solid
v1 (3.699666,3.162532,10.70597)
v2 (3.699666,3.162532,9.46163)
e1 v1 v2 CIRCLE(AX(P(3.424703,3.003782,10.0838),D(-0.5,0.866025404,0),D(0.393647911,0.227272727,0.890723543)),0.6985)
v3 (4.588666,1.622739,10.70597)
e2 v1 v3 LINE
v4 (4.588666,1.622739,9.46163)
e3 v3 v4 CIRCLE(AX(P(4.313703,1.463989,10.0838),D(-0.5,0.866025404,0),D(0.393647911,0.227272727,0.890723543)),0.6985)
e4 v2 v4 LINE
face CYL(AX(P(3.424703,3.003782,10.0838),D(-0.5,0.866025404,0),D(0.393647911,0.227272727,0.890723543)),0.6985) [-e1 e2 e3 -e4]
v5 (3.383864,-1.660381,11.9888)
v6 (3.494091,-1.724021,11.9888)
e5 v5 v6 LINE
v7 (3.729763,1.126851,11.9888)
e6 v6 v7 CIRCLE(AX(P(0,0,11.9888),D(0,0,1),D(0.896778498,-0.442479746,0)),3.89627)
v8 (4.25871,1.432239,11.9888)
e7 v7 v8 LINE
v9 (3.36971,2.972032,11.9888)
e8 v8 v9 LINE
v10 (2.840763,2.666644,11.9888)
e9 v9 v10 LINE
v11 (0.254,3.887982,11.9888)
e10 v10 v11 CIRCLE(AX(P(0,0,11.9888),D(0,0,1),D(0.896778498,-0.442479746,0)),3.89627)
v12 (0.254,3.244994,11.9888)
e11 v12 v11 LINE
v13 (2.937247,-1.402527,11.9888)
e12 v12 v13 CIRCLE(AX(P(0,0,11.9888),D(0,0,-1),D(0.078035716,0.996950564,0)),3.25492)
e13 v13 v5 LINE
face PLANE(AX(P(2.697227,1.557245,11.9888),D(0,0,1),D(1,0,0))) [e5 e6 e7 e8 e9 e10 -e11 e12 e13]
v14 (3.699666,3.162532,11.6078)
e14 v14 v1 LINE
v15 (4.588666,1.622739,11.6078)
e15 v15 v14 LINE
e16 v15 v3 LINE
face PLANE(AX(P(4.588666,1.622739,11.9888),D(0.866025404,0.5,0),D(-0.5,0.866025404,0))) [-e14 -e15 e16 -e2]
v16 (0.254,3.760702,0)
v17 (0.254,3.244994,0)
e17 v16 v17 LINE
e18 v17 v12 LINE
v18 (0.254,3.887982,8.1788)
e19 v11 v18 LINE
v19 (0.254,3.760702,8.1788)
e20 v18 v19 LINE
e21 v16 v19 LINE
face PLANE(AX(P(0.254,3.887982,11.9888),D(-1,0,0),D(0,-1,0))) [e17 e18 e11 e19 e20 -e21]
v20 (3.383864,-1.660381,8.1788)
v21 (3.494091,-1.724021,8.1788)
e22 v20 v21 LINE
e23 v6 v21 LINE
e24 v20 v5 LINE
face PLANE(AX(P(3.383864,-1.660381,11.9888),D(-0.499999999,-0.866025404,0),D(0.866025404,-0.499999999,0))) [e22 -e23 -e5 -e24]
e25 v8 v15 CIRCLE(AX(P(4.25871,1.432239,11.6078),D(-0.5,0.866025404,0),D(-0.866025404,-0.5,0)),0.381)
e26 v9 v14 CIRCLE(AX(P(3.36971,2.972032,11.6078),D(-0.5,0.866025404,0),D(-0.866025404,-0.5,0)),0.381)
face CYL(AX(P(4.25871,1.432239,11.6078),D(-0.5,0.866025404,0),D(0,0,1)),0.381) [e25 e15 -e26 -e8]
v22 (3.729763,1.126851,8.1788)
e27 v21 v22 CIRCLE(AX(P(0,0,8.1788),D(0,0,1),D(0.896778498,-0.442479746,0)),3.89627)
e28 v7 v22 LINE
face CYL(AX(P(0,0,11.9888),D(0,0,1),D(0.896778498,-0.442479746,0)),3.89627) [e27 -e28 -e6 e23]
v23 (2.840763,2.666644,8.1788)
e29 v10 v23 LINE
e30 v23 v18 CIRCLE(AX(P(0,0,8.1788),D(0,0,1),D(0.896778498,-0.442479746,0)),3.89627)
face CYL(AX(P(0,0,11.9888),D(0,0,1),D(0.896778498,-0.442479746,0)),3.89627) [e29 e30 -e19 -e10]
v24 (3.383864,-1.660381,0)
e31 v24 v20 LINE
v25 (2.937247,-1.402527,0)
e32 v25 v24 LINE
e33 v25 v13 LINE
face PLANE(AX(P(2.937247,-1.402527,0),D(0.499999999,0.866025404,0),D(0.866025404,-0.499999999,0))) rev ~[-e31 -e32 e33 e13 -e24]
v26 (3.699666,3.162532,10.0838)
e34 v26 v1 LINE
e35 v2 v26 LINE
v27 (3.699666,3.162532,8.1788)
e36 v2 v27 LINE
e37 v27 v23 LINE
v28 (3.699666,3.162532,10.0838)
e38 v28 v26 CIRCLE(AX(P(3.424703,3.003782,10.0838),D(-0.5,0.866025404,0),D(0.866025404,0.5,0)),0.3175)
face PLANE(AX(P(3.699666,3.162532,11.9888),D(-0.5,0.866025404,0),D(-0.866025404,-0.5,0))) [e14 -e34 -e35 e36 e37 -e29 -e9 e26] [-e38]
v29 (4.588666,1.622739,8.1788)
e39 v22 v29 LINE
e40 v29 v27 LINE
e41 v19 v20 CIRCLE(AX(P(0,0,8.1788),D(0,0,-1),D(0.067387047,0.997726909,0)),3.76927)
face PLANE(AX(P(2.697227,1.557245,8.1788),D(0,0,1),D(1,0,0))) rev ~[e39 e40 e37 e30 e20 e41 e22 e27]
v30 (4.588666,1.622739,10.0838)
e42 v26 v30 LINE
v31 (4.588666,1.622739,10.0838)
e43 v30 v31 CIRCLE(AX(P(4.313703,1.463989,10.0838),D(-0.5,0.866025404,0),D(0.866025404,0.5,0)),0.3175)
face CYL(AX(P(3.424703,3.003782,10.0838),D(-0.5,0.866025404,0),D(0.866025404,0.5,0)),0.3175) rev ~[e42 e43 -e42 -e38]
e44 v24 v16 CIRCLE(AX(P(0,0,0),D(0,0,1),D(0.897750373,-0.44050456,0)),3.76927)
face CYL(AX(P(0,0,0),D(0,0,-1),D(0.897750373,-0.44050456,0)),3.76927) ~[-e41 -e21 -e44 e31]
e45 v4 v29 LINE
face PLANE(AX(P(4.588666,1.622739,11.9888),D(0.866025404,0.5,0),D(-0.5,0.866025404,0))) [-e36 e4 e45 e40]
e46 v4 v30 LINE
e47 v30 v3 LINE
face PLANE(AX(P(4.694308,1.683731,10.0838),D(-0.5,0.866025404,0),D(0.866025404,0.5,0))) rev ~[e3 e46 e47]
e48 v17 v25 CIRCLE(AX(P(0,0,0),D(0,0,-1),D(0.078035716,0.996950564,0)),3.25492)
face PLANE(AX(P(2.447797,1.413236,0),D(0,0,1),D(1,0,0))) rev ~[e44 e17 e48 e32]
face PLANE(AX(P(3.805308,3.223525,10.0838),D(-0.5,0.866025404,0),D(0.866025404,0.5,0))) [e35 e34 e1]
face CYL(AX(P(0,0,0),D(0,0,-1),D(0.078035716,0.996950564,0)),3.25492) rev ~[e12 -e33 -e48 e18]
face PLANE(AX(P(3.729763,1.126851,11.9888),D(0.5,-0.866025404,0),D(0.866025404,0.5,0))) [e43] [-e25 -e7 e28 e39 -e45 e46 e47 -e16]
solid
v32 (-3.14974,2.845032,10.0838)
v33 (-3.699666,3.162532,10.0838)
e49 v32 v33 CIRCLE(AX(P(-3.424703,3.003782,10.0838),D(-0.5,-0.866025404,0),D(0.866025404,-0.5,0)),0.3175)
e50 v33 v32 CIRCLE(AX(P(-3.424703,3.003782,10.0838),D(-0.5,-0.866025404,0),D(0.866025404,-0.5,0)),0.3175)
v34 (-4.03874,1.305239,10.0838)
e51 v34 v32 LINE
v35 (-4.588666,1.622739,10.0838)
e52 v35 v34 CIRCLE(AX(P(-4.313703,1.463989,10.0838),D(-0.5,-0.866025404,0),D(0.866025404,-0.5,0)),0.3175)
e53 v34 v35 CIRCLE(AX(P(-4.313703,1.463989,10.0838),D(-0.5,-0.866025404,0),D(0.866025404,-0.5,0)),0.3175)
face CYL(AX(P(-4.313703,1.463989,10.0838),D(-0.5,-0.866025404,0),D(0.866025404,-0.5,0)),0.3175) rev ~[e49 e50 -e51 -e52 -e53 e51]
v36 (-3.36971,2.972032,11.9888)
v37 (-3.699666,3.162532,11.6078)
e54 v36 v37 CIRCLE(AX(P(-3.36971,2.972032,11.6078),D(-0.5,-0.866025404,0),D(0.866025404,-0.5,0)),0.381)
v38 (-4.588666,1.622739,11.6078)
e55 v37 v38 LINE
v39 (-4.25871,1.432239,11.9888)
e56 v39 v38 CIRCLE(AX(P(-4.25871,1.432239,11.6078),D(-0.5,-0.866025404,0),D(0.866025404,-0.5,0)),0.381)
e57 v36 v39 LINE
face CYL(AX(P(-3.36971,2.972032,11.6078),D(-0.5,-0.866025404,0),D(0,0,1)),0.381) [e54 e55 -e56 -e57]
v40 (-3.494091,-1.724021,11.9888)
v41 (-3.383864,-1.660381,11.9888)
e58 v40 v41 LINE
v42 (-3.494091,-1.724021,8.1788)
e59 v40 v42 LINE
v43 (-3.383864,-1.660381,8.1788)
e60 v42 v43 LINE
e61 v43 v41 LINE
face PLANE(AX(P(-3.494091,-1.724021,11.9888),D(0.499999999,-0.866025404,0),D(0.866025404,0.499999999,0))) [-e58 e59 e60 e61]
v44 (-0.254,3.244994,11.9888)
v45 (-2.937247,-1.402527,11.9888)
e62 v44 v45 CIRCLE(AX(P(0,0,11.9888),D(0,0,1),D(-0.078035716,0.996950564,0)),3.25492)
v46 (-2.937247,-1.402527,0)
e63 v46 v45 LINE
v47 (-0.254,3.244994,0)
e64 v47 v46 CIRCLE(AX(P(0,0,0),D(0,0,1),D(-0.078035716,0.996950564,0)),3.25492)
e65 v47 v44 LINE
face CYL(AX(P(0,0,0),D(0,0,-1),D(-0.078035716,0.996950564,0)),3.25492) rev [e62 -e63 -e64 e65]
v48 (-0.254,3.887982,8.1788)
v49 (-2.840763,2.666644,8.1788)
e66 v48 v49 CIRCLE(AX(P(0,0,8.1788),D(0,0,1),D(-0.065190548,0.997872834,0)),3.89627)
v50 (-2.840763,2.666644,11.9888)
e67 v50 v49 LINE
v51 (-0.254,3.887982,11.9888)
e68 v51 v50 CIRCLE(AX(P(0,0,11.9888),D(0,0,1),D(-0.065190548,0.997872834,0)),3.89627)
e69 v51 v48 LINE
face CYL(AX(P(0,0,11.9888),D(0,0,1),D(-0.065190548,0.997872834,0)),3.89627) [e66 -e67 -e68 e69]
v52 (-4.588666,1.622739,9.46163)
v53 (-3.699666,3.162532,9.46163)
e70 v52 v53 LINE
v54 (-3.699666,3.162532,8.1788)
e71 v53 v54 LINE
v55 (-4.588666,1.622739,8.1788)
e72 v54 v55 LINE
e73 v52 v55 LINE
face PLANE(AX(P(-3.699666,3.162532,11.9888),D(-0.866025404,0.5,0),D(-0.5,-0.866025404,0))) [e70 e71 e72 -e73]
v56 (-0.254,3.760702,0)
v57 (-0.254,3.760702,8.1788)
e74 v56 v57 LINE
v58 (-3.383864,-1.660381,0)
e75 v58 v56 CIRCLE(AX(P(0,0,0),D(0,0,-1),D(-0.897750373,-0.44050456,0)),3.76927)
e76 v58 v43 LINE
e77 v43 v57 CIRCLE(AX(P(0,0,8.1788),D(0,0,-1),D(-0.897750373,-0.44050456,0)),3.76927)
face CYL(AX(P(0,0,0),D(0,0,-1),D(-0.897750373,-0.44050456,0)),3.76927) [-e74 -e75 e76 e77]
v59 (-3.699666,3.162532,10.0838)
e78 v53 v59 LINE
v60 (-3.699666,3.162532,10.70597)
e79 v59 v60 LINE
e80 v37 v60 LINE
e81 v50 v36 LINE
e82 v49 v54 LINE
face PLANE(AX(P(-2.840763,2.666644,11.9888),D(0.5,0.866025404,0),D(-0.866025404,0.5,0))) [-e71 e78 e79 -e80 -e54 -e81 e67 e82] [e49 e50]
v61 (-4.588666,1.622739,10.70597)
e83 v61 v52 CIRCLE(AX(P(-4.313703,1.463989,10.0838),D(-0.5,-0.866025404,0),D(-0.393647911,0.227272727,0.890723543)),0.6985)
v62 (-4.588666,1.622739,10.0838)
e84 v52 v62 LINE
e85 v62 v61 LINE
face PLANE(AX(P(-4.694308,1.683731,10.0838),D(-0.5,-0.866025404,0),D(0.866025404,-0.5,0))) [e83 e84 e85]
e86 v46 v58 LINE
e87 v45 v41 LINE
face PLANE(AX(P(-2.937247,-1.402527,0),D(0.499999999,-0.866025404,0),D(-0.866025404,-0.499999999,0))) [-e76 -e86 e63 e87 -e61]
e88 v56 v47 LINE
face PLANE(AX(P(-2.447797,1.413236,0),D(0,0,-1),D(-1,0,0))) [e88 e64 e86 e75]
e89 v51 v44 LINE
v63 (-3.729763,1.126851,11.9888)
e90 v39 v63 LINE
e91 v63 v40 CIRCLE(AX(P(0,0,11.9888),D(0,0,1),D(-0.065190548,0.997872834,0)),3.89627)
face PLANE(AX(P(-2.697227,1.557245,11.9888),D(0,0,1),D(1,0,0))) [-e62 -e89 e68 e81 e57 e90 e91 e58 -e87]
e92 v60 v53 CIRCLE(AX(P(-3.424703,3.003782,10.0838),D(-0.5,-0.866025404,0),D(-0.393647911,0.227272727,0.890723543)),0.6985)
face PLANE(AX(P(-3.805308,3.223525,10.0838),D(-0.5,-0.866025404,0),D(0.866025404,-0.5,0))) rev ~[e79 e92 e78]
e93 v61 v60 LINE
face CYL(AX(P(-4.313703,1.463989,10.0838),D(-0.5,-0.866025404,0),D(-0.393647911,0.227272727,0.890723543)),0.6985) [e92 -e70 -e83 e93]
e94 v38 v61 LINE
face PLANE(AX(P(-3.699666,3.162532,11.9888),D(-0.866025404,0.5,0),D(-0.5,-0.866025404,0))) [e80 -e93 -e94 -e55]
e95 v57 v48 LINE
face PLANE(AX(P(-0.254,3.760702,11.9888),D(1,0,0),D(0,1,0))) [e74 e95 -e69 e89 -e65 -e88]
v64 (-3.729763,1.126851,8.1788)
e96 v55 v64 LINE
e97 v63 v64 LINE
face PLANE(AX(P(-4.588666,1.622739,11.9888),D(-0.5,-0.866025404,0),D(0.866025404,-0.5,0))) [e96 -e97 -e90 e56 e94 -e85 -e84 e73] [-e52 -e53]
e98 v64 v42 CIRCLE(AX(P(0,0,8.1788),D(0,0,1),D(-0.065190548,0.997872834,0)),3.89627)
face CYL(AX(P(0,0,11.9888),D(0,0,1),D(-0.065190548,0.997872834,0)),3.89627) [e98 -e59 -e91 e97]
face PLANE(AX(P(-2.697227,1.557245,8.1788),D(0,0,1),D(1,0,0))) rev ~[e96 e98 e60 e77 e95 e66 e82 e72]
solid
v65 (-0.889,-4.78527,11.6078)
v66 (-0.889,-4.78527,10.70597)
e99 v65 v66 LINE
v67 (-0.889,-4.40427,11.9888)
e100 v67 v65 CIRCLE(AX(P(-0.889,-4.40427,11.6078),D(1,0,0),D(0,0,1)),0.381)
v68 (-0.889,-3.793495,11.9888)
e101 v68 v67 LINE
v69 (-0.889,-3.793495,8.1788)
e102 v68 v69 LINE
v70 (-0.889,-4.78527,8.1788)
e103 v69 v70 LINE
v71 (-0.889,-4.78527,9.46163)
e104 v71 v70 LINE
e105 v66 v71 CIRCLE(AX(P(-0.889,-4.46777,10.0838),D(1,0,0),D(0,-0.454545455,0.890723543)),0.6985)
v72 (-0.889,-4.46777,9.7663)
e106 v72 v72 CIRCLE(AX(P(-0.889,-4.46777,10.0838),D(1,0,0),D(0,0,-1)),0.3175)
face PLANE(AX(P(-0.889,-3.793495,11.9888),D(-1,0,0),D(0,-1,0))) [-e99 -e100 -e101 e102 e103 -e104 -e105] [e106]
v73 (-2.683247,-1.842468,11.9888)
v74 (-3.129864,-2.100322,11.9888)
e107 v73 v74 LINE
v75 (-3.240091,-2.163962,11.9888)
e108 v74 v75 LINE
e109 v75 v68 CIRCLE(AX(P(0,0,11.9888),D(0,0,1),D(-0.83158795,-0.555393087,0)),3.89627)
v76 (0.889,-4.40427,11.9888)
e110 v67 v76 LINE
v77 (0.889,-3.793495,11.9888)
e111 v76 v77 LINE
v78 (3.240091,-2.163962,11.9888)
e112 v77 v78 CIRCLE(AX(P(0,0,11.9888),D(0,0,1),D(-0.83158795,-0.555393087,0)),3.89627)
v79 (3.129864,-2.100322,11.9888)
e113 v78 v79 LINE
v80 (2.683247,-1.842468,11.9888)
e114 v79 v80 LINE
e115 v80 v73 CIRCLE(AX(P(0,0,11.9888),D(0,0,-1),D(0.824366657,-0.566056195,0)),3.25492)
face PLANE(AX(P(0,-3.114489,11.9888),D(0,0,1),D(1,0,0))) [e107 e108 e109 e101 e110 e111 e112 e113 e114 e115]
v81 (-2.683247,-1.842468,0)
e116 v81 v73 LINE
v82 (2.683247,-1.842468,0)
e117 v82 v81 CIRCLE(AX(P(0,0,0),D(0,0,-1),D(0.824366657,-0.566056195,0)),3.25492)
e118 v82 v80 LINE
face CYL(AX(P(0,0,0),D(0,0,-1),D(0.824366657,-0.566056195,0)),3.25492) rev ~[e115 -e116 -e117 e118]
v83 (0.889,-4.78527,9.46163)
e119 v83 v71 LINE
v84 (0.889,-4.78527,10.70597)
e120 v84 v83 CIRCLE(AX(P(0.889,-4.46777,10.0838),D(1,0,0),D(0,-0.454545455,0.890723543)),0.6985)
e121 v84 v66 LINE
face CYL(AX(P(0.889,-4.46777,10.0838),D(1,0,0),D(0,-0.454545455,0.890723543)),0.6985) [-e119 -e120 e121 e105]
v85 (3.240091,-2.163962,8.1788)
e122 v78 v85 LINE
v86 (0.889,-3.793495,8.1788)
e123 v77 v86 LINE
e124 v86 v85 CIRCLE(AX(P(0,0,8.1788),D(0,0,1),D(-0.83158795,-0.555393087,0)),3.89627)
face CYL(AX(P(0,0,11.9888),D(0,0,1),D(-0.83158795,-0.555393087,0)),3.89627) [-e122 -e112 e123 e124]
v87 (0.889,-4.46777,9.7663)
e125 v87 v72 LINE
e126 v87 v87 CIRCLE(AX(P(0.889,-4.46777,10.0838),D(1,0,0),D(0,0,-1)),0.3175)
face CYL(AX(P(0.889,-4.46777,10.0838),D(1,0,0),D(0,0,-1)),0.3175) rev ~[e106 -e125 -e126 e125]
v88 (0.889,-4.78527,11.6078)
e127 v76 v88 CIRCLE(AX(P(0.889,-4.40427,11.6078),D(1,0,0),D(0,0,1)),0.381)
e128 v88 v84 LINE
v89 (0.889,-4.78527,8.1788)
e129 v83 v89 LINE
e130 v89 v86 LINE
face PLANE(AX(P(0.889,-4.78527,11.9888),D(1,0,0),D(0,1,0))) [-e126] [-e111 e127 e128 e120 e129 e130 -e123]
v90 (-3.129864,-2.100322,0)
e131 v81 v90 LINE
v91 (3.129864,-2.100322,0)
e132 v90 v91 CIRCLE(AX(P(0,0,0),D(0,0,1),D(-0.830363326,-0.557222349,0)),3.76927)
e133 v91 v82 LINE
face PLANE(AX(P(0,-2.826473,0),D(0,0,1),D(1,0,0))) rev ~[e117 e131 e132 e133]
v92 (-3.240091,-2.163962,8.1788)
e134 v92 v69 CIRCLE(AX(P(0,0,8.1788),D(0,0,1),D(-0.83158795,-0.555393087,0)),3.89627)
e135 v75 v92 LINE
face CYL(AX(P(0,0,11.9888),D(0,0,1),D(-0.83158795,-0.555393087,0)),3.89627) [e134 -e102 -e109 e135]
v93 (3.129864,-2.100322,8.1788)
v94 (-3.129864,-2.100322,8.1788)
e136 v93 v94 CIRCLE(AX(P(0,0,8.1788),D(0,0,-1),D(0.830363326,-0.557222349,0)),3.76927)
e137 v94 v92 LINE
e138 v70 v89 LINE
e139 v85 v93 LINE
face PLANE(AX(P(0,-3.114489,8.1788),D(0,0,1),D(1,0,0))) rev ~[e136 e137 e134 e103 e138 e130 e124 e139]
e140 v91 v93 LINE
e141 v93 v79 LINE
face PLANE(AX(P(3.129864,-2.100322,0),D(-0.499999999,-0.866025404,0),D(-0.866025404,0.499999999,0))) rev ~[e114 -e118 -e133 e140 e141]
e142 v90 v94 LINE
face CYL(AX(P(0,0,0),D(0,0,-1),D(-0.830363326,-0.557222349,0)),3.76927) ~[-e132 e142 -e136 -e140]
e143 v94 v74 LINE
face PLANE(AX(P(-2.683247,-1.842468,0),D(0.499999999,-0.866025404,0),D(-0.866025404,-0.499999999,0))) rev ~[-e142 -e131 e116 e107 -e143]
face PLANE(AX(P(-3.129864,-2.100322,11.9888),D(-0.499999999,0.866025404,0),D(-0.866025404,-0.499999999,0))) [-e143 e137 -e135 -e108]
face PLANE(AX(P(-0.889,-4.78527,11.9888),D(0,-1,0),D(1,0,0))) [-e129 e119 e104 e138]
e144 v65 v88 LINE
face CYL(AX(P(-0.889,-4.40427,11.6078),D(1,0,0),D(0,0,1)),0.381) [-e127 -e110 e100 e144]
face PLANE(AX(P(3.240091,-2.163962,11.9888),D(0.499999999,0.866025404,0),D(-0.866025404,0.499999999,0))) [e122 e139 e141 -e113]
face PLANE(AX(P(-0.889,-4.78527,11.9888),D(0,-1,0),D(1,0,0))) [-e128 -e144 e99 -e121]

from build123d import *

# Parameters (mm, degrees)
BOSS_EXTRUDE1_DEPTH   = 11.9888
BOSS_EXTRUDE1_2_DEPTH = 11.9888
BOSS_EXTRUDE1_3_DEPTH = 11.9888
BOSS_EXTRUDE2_DEPTH   = 3.81
BOSS_EXTRUDE3_DEPTH   = 3.81
FILLET1_R             = 0.381
FILLET2_R             = 0.381
FILLET3_R             = 0.381
BOSS_EXTRUDE4_DEPTH   = 1.778
SKETCH5_6_R           = 0.3175
CUT_EXTRUDE1_DEPTH    = 1.778
BOSS_EXTRUDE5_DEPTH   = 1.778
SKETCH6_3_R           = 0.3175
CUT_EXTRUDE2_DEPTH    = 7.715402184
BOSS_EXTRUDE6_DEPTH   = 1.778
SKETCH7_3_R           = 0.3175
CUT_EXTRUDE3_DEPTH    = 6.807621385


with BuildPart() as part:
    # Sketch1 → Boss-Extrude1 (new body)
    with BuildSketch(Plane.XY):
        with BuildLine():
            Line((-0.254, 3.760702479), (-0.254, 3.244994166))
            ThreePointArc((-0.254, 3.244994166), (-2.818843265, 1.627459918), (-2.937247383, -1.402526631))
            Line((-2.937247383, -1.402526631), (-3.383863883, -1.660380787))
            ThreePointArc((-3.383863883, -1.660380787), (-3.264283896, 1.884635186), (-0.254, 3.760702479))
        make_face()
    extrude(amount=BOSS_EXTRUDE1_DEPTH)



with BuildPart() as body_2:
    # Sketch1 → Boss-Extrude1 2 (new body)
    with BuildSketch(Plane.XY):
        with BuildLine():
            Line((0.254, 3.760702479), (0.254, 3.244994166))
            ThreePointArc((0.254, 3.244994166), (2.818843265, 1.627459918), (2.937247383, -1.402526631))
            Line((2.937247383, -1.402526631), (3.383863883, -1.660380787))
            ThreePointArc((3.383863883, -1.660380787), (3.264283896, 1.884635186), (0.254, 3.760702479))
        make_face()
    extrude(amount=BOSS_EXTRUDE1_2_DEPTH)


with BuildPart() as body_3:
    # Sketch1 → Boss-Extrude1 3 (new body)
    with BuildSketch(Plane.XY):
        with BuildLine():
            Line((3.129863883, -2.100321692), (2.683247383, -1.842467536))
            ThreePointArc((2.683247383, -1.842467536), (0, -3.254919836), (-2.683247383, -1.842467536))
            Line((-2.683247383, -1.842467536), (-3.129863883, -2.100321692))
            ThreePointArc((-3.129863883, -2.100321692), (0, -3.769270372), (3.129863883, -2.100321692))
        make_face()
    extrude(amount=BOSS_EXTRUDE1_3_DEPTH)


with BuildPart() as part_1:
    add(part.part)

    add(body_2.part)  # Boss-Extrude2 merges body 2

    add(body_3.part)  # Boss-Extrude2 merges body 3
    # Sketch2 → Boss-Extrude2 (add)
    with BuildSketch(Plane.XY.offset(11.9888)):
        with BuildLine():
            Line((-0.254, 3.760702479), (-0.254, 3.887982358))
            ThreePointArc((-0.254, 3.887982358), (-3.374269122, 1.948135186), (-3.494091491, -1.724020726))
            Line((-3.494091491, -1.724020726), (-3.383863883, -1.660380787))
            ThreePointArc((-3.383863883, -1.660380787), (-3.264283896, 1.884635186), (-0.254, 3.760702479))
        make_face()
        with BuildLine():
            Line((0.254, 3.887982358), (0.254, 3.760702479))
            ThreePointArc((0.254, 3.760702479), (3.264283896, 1.884635186), (3.383863883, -1.660380787))
            Line((3.383863883, -1.660380787), (3.494091491, -1.724020726))
            ThreePointArc((3.494091491, -1.724020726), (3.374269122, 1.948135186), (0.254, 3.887982358))
        make_face()
        with BuildLine():
            Line((3.240091491, -2.163961631), (3.129863883, -2.100321692))
            ThreePointArc((3.129863883, -2.100321692), (0, -3.769270372), (-3.129863883, -2.100321692))
            Line((-3.129863883, -2.100321692), (-3.240091491, -2.163961631))
            ThreePointArc((-3.240091491, -2.163961631), (0, -3.896270372), (3.240091491, -2.163961631))
        make_face()
    extrude(amount=-BOSS_EXTRUDE2_DEPTH)

    # Sketch4 → Boss-Extrude3 (add)
    with BuildSketch(Plane.XY.offset(11.9888)):
        with BuildLine():
            Line((-2.840762754, 2.666643919), (-3.699665706, 3.16253177))
            Line((-3.699665706, 3.16253177), (-4.588665706, 1.622738602))
            Line((-4.588665706, 1.622738602), (-3.729762754, 1.126850751))
            ThreePointArc((-3.729762754, 1.126850751), (-3.374269122, 1.948135186), (-2.840762754, 2.666643919))
        make_face()
        with BuildLine():
            Line((-0.889, -3.79349467), (-0.889, -4.785270372))
            Line((-0.889, -4.785270372), (0.889, -4.785270372))
            Line((0.889, -4.785270372), (0.889, -3.79349467))
            ThreePointArc((0.889, -3.79349467), (0, -3.896270372), (-0.889, -3.79349467))
        make_face()
        with BuildLine():
            Line((3.729762754, 1.126850751), (4.588665706, 1.622738602))
            Line((4.588665706, 1.622738602), (3.699665706, 3.16253177))
            Line((3.699665706, 3.16253177), (2.840762754, 2.666643919))
            ThreePointArc((2.840762754, 2.666643919), (3.374269122, 1.948135186), (3.729762754, 1.126850751))
        make_face()
    extrude(amount=-BOSS_EXTRUDE3_DEPTH)

    # Fillet1
    fillet1_edges = [part_1.edges().sort_by_distance(p)[0] for p in [
        (-4.144165706, 2.392635186, 11.9888),
    ]]
    fillet(fillet1_edges, radius=FILLET1_R)

    # Fillet2
    fillet2_edges = [part_1.edges().sort_by_distance(p)[0] for p in [
        (0, -4.785270372, 11.9888),
    ]]
    fillet(fillet2_edges, radius=FILLET2_R)

    # Fillet3
    fillet3_edges = [part_1.edges().sort_by_distance(p)[0] for p in [
        (4.144165706, 2.392635186, 11.9888),
    ]]
    fillet(fillet3_edges, radius=FILLET3_R)

    # Sketch5 → Boss-Extrude4 (add)
    with BuildSketch(Plane(origin=(-0.4445, 0.769896584, 0), x_dir=(0.866025404, 0.5, 0), z_dir=(-0.5, 0.866025404, 0))):
        with BuildLine():
            ThreePointArc((4.785270372, -10.705970395), (5.166270372, -10.0838), (4.785270372, -9.461629605))
            Line((4.785270372, -9.461629605), (4.785270372, -10.0838))
            Line((4.785270372, -10.0838), (4.785270372, -10.705970395))
        make_face()
    extrude(amount=-BOSS_EXTRUDE4_DEPTH)

    # Sketch5<6> → Cut-Extrude1 (cut)
    with BuildSketch(Plane(origin=(-0.4445, 0.769896584, 0), x_dir=(0.866025404, 0.5, 0), z_dir=(-0.5, 0.866025404, 0))):
        with Locations((4.467770372, -10.0838)):
            Circle(SKETCH5_6_R)
    extrude(amount=-CUT_EXTRUDE1_DEPTH, mode=Mode.SUBTRACT)

    # Sketch6 → Boss-Extrude5 (add)
    with BuildSketch(Plane(origin=(-0.4445, -0.769896584, 0), x_dir=(0.866025404, -0.5, 0), z_dir=(-0.5, -0.866025404, 0))):
        with BuildLine():
            ThreePointArc((-4.785270372, 10.705970395), (-5.166270372, 10.0838), (-4.785270372, 9.461629605))
            Line((-4.785270372, 9.461629605), (-4.785270372, 10.0838))
            Line((-4.785270372, 10.0838), (-4.785270372, 10.705970395))
        make_face()
    extrude(amount=-BOSS_EXTRUDE5_DEPTH)

    # Sketch6<3> → Cut-Extrude2 (cut, through all)
    with BuildSketch(Plane(origin=(-0.4445, -0.769896584, 0), x_dir=(0.866025404, -0.5, 0), z_dir=(-0.5, -0.866025404, 0))):
        with Locations((-4.467770372, 10.0838)):
            Circle(SKETCH6_3_R)
    extrude(amount=-CUT_EXTRUDE2_DEPTH, mode=Mode.SUBTRACT)

    # Sketch7 → Boss-Extrude6 (add)
    with BuildSketch(Plane(origin=(0.889, 0, 0), x_dir=(0, 0, -1), z_dir=(1, 0, 0))):
        with BuildLine():
            ThreePointArc((-10.705970395, -4.785270372), (-10.0838, -5.166270372), (-9.461629605, -4.785270372))
            Line((-9.461629605, -4.785270372), (-10.0838, -4.785270372))
            Line((-10.0838, -4.785270372), (-10.705970395, -4.785270372))
        make_face()
    extrude(amount=-BOSS_EXTRUDE6_DEPTH)

    # Sketch7<3> → Cut-Extrude3 (cut, through all)
    with BuildSketch(Plane(origin=(0.889, 0, 0), x_dir=(0, 0, -1), z_dir=(1, 0, 0))):
        with Locations((-10.0838, -4.467770372)):
            Circle(SKETCH7_3_R)
    extrude(amount=-CUT_EXTRUDE3_DEPTH, mode=Mode.SUBTRACT)


solid = part_1.part
